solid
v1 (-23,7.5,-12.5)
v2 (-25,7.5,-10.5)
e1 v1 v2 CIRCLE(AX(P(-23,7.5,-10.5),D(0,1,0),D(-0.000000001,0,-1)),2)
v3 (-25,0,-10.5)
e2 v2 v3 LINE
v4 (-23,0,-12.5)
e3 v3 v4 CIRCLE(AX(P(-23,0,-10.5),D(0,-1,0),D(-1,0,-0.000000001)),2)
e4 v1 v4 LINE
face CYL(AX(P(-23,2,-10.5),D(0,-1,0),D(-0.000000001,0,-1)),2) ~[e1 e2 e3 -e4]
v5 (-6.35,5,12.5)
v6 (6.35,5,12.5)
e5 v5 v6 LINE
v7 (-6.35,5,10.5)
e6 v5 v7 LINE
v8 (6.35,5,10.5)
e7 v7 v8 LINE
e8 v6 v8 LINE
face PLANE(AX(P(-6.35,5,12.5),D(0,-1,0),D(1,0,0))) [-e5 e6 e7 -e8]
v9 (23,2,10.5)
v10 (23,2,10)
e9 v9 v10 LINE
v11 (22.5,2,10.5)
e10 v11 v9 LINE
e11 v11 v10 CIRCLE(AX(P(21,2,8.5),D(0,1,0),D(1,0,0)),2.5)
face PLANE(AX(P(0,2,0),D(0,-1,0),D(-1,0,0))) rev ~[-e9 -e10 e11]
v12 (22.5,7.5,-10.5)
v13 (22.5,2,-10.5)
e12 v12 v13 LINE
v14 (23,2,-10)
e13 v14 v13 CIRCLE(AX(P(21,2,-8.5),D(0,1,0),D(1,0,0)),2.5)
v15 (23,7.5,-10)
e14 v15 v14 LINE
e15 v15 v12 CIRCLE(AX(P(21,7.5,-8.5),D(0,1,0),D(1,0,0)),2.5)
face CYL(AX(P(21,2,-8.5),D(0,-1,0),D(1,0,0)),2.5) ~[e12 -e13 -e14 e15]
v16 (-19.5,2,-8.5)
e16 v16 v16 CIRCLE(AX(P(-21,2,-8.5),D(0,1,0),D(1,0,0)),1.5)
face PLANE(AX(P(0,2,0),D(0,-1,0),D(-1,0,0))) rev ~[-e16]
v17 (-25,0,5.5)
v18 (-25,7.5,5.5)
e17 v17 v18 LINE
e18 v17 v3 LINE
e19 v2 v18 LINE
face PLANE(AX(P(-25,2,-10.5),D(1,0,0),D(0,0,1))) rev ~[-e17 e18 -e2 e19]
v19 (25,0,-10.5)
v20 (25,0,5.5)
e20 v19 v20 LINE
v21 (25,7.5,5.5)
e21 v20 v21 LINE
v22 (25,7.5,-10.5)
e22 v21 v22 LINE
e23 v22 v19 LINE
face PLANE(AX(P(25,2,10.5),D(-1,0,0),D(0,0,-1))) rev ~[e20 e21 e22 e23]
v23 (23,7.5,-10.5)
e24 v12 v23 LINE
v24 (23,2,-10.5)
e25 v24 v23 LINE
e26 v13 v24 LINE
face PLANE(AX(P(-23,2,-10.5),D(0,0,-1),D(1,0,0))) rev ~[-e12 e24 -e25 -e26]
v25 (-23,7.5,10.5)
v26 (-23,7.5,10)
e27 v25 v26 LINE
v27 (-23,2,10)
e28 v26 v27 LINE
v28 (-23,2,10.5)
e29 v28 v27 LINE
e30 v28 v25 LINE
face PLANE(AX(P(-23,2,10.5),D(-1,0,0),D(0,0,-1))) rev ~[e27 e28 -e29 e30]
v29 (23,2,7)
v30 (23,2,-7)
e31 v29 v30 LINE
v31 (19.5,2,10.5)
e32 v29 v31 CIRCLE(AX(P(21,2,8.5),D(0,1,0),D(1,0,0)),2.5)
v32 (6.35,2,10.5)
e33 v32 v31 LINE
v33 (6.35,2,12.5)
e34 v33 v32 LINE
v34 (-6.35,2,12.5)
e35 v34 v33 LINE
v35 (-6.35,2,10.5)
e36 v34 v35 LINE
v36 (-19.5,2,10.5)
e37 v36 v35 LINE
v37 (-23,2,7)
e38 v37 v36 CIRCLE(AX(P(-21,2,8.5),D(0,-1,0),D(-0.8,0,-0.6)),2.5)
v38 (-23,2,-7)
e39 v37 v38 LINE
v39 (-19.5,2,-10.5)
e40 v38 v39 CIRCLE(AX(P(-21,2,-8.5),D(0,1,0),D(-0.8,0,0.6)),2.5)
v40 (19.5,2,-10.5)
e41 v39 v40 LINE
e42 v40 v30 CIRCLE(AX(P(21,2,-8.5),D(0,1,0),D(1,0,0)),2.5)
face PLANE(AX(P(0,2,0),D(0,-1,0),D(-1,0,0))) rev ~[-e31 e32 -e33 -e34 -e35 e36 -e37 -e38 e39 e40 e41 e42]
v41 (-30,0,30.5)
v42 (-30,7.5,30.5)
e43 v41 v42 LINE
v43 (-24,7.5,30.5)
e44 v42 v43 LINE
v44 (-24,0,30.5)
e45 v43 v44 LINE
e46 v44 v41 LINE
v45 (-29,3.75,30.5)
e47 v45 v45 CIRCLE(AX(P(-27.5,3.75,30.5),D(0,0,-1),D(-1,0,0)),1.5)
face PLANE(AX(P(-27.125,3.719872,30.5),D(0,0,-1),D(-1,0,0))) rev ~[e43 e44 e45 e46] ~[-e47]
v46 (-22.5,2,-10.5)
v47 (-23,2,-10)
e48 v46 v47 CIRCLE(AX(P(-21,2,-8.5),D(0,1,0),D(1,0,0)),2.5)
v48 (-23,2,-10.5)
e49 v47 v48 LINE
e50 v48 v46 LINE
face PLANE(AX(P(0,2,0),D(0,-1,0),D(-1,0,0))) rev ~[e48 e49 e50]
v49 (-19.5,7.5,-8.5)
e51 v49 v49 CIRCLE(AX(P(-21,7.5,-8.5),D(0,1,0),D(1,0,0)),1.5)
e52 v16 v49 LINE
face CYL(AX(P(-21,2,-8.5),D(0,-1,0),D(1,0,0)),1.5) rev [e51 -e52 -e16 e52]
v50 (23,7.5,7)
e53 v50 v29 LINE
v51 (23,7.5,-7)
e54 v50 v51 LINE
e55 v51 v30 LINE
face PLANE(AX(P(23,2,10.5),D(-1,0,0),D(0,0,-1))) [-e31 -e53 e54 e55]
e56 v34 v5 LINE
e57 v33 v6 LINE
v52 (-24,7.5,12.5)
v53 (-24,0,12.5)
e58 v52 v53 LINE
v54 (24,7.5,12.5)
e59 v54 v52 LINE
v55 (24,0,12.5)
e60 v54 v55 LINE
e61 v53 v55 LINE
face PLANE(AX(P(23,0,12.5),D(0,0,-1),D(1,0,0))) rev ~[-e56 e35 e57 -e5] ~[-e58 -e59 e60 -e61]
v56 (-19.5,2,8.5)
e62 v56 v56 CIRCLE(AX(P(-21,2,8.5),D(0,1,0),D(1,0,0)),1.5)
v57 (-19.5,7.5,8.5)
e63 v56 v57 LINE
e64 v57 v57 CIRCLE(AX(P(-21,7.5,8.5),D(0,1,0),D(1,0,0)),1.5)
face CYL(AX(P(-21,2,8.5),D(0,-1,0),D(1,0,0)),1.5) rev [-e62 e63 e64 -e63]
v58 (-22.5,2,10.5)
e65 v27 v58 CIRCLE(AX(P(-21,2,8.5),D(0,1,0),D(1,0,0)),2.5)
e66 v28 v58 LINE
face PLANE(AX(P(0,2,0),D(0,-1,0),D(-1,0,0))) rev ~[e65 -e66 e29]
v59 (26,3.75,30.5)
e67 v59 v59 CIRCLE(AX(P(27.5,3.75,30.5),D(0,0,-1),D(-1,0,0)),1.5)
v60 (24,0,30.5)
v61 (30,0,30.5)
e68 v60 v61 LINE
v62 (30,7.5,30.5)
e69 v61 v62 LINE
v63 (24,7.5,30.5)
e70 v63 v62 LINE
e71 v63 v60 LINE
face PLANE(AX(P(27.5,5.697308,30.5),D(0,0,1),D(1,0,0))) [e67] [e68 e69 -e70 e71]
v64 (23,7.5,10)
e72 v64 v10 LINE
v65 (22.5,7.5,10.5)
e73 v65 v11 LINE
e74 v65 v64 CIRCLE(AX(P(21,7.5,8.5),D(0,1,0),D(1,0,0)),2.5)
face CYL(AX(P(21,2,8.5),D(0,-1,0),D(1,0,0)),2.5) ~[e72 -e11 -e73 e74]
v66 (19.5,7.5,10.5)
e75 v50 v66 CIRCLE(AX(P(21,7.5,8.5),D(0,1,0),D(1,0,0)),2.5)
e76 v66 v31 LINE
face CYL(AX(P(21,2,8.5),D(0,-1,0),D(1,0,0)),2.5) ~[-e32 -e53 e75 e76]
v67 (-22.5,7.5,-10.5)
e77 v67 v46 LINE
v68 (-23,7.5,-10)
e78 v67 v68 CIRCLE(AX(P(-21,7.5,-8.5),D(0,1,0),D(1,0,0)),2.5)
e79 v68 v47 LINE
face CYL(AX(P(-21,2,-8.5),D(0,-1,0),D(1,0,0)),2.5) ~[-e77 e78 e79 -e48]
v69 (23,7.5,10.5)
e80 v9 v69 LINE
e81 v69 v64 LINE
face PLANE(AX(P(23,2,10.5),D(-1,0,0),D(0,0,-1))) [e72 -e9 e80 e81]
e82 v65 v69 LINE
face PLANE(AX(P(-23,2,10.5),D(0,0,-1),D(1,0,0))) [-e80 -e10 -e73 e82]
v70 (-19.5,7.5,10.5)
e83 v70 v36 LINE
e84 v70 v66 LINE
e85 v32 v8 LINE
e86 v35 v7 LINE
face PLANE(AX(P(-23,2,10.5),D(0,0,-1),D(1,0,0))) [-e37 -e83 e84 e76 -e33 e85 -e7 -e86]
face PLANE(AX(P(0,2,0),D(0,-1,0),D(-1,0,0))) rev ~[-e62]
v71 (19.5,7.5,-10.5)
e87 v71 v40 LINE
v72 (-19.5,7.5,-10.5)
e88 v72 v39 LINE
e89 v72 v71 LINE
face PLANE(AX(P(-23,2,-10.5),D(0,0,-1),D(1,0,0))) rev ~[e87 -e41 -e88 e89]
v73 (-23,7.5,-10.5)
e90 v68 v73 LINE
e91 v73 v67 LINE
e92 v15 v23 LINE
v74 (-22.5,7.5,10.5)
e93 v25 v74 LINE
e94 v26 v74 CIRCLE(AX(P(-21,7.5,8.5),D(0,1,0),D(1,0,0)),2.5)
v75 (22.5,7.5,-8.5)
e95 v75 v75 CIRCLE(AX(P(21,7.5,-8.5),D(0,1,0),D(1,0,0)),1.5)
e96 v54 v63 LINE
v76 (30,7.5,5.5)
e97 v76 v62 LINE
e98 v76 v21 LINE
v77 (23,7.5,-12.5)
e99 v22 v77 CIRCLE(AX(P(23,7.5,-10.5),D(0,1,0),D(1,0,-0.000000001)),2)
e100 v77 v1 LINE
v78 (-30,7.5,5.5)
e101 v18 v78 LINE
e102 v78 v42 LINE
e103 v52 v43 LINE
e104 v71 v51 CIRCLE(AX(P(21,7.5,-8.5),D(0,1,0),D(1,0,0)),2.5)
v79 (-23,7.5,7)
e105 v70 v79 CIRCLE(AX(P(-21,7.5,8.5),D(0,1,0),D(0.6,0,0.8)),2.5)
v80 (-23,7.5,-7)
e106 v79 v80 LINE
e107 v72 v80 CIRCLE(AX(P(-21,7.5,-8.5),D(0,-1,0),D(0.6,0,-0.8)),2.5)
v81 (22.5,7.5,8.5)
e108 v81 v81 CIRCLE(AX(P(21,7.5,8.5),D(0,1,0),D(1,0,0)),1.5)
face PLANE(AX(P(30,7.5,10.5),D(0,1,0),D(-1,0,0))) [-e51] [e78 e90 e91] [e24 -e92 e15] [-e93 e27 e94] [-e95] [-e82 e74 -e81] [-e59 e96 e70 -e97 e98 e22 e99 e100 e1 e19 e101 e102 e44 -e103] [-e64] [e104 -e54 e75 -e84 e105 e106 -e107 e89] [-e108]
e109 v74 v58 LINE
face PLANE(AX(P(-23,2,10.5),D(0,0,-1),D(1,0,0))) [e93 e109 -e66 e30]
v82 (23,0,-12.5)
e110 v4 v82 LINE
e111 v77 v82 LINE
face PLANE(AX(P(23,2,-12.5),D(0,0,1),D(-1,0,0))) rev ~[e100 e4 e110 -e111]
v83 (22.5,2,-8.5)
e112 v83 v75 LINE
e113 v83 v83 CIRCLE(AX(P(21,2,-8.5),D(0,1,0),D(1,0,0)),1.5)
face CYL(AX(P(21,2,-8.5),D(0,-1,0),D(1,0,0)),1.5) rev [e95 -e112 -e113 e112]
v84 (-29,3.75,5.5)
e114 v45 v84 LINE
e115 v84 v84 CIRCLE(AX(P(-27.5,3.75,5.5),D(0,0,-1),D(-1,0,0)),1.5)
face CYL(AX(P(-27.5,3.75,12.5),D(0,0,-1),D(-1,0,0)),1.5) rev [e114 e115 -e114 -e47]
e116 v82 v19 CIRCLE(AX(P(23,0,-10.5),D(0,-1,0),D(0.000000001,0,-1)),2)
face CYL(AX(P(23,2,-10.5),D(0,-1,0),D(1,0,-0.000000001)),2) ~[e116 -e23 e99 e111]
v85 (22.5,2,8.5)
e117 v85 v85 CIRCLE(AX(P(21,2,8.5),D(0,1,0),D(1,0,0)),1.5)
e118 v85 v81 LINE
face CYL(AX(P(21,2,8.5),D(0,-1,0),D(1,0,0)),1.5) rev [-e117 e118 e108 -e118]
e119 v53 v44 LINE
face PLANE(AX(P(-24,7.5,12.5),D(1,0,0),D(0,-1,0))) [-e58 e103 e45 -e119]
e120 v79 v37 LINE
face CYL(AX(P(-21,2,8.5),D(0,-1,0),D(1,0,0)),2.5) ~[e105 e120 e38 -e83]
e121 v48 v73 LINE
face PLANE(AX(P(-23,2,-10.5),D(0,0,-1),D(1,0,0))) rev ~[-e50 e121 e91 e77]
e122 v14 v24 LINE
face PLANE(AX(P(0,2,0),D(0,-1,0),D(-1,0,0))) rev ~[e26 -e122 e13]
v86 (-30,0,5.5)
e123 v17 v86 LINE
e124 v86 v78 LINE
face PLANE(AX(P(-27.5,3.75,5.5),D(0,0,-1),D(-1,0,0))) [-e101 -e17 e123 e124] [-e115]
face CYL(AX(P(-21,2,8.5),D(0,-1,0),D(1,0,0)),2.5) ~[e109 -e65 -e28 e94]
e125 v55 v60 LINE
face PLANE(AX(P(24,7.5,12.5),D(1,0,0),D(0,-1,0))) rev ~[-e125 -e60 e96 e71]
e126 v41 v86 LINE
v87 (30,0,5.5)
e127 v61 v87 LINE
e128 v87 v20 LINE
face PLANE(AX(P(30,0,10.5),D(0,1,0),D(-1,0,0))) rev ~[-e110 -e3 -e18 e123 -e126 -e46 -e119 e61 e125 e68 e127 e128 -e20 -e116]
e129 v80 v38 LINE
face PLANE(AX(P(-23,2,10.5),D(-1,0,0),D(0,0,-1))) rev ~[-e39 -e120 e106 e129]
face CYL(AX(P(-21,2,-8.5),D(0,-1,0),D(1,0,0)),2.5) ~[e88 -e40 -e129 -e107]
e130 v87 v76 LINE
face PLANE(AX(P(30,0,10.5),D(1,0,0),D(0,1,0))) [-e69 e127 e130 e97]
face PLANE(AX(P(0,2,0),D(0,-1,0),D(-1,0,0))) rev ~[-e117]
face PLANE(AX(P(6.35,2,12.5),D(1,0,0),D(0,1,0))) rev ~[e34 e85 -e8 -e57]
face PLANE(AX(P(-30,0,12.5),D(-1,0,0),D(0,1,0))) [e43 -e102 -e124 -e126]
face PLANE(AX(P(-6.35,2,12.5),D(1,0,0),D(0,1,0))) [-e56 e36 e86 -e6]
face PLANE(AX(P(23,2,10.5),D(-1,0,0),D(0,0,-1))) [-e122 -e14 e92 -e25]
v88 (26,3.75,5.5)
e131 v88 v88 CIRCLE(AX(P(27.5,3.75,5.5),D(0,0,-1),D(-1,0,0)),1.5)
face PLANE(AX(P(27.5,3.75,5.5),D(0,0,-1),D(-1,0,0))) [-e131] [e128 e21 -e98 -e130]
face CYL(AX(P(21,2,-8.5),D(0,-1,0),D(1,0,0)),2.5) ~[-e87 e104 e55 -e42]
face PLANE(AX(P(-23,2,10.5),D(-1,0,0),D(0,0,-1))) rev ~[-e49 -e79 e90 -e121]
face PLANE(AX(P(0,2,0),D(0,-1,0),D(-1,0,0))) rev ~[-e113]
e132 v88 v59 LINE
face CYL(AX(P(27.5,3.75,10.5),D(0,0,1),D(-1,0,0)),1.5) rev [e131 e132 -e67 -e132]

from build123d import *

# Parameters (mm, degrees)
EXTRUDE_1_DEPTH     = 2
SKETCH_2_W          = 46
SKETCH_2_H          = 21
EXTRUDE_2_DEPTH     = 5.5
SKETCH_3_R          = 2.5
SKETCH_3_R_2        = 1.5
EXTRUDE_3_DEPTH     = 5.5
CUT_EXTRUDE_2_REACH = 27
SKETCH_5_W          = 12.7
SKETCH_5_H          = 3
EXTRUDE_4_DEPTH     = 7.5
SKETCH_7_R          = 1.5
CUT_EXTRUDE_3_DEPTH = 3
EXTRUDE_5_DEPTH     = 18
EXTRUDE_6_DEPTH     = 18
SKETCH_10_W         = 5
SKETCH_10_H         = 7.5
SKETCH_10_R         = 1.5
EXTRUDE_7_DEPTH     = 5


with BuildPart() as part:
    # 草图1 → 凸台-拉伸1 (new body)
    with BuildSketch(Plane(origin=(0, 0, 0), x_dir=(1, 0, 0), z_dir=(0, 1, 0))):
        with BuildLine():
            Line((-23, 12.5), (23, 12.5))
            ThreePointArc((23, 12.5), (24.414213562, 11.914213562), (25, 10.5))
            Line((25, 10.5), (25, -10.5))
            ThreePointArc((25, -10.5), (24.414213562, -11.914213562), (23, -12.5))
            Line((23, -12.5), (-23, -12.5))
            ThreePointArc((-23, -12.5), (-24.414213562, -11.914213562), (-25, -10.5))
            Line((-25, -10.5), (-25, 10.5))
            ThreePointArc((-25, 10.5), (-24.414213562, 11.914213562), (-23, 12.5))
        make_face()
    extrude(amount=EXTRUDE_1_DEPTH)

    # 草图2 → 凸台-拉伸2 (add)
    with BuildSketch(Plane(origin=(0, 2, 0), x_dir=(1, 0, 0), z_dir=(0, 1, 0))):
        with BuildLine():
            Line((-25, 10.5), (-25, -10.5))
            ThreePointArc((-25, -10.5), (-24.414213562, -11.914213562), (-23, -12.5))
            Line((-23, -12.5), (23, -12.5))
            ThreePointArc((23, -12.5), (24.414213562, -11.914213562), (25, -10.5))
            Line((25, -10.5), (25, 10.5))
            ThreePointArc((25, 10.5), (24.414213562, 11.914213562), (23, 12.5))
            Line((23, 12.5), (-23, 12.5))
            ThreePointArc((-23, 12.5), (-24.414213562, 11.914213562), (-25, 10.5))
        make_face()
        Rectangle(SKETCH_2_W, SKETCH_2_H, mode=Mode.SUBTRACT)
    extrude(amount=EXTRUDE_2_DEPTH)

    # 草图3 → 凸台-拉伸3 (add)
    with BuildSketch(Plane(origin=(0, 2, 0), x_dir=(1, 0, 0), z_dir=(0, 1, 0))):
        with Locations((-21, 8.5)):
            Circle(SKETCH_3_R)
        with Locations((-21, 8.5)):
            Circle(SKETCH_3_R_2, mode=Mode.SUBTRACT)
        with Locations((21, 8.5)):
            Circle(SKETCH_3_R)
        with Locations((21, 8.5)):
            Circle(SKETCH_3_R_2, mode=Mode.SUBTRACT)
        with Locations((21, -8.5)):
            Circle(SKETCH_3_R)
        with Locations((21, -8.5)):
            Circle(SKETCH_3_R_2, mode=Mode.SUBTRACT)
        with Locations((-21, -8.5)):
            Circle(SKETCH_3_R)
        with Locations((-21, -8.5)):
            Circle(SKETCH_3_R_2, mode=Mode.SUBTRACT)
    extrude(amount=EXTRUDE_3_DEPTH)

    # 草图5 → 切除-拉伸2 (cut, up to next)
    with BuildSketch(Plane.XY.offset(12.5), mode=Mode.PRIVATE) as cut_extrude_2_sk1:
        with Locations((0, 3.5)):
            Rectangle(SKETCH_5_W, SKETCH_5_H)
    cut_extrude_2_tool1 = extrude(cut_extrude_2_sk1.sketch, amount=-CUT_EXTRUDE_2_REACH, mode=Mode.PRIVATE) & part.part
    add(cut_extrude_2_tool1.solids().sort_by_distance((0, 3.5, 12.5))[0], mode=Mode.SUBTRACT)

    # 草图6 → 凸台-拉伸4 (add)
    with BuildSketch(Plane.XZ):
        Polygon((23, 12.5), (30, 12.5), (30, 10.5), (25, 10.5), align=None)
        Polygon((-23, 12.5), (-30, 12.5), (-30, 10.5), (-25, 10.5), align=None)
    extrude(amount=-EXTRUDE_4_DEPTH)

    # 草图7 → 切除-拉伸3 (cut, through all)
    with BuildSketch(Plane(origin=(0, 0, 10.5), x_dir=(-1, 0, 0), z_dir=(0, 0, -1))):
        with Locations((-27.5, 3.75)):
            Circle(SKETCH_7_R)
        with Locations((27.5, 3.75)):
            Circle(SKETCH_7_R)
    extrude(amount=-CUT_EXTRUDE_3_DEPTH, mode=Mode.SUBTRACT)

    # 草图8 → 凸台-拉伸5 (add)
    with BuildSketch(Plane.XY.offset(12.5)):
        with BuildLine():
            Line((-29, 7.5), (-29, 3.75))
            ThreePointArc((-29, 3.75), (-27.5, 2.25), (-26, 3.75))
            Line((-26, 3.75), (-26, 7.5))
            Line((-26, 7.5), (-24, 7.5))
            Line((-24, 7.5), (-24, 0))
            Line((-24, 0), (-30, 0))
            Line((-30, 0), (-30, 7.5))
            Line((-30, 7.5), (-29, 7.5))
        make_face()
        with BuildLine():
            Line((29, 7.5), (29, 3.75))
            ThreePointArc((29, 3.75), (27.5, 2.25), (26, 3.75))
            Line((26, 3.75), (26, 7.5))
            Line((26, 7.5), (24, 7.5))
            Line((24, 7.5), (24, 0))
            Line((24, 0), (30, 0))
            Line((30, 0), (30, 7.5))
            Line((30, 7.5), (29, 7.5))
        make_face()
    extrude(amount=EXTRUDE_5_DEPTH)

    # 草图9 → 凸台-拉伸6 (add)
    with BuildSketch(Plane.XY.offset(12.5)):
        with BuildLine():
            Line((29, 3.75), (29, 7.5))
            Line((29, 7.5), (26, 7.5))
            Line((26, 7.5), (26, 3.75))
            ThreePointArc((26, 3.75), (27.5, 5.25), (29, 3.75))
        make_face()
        with BuildLine():
            Line((-29, 7.5), (-29, 3.75))
            ThreePointArc((-29, 3.75), (-27.5, 5.25), (-26, 3.75))
            Line((-26, 3.75), (-26, 7.5))
            Line((-26, 7.5), (-29, 7.5))
        make_face()
    extrude(amount=EXTRUDE_6_DEPTH)

    # 草图10 → 凸台-拉伸7 (add)
    with BuildSketch(Plane(origin=(0, 0, 10.5), x_dir=(-1, 0, 0), z_dir=(0, 0, -1))):
        with Locations((-27.5, 3.75)):
            Rectangle(SKETCH_10_W, SKETCH_10_H)
        with Locations((-27.5, 3.75)):
            Circle(SKETCH_10_R, mode=Mode.SUBTRACT)
        with Locations((27.5, 3.75)):
            Rectangle(SKETCH_10_W, SKETCH_10_H)
        with Locations((27.5, 3.75)):
            Circle(SKETCH_10_R, mode=Mode.SUBTRACT)
    extrude(amount=EXTRUDE_7_DEPTH)


solid = part.part
